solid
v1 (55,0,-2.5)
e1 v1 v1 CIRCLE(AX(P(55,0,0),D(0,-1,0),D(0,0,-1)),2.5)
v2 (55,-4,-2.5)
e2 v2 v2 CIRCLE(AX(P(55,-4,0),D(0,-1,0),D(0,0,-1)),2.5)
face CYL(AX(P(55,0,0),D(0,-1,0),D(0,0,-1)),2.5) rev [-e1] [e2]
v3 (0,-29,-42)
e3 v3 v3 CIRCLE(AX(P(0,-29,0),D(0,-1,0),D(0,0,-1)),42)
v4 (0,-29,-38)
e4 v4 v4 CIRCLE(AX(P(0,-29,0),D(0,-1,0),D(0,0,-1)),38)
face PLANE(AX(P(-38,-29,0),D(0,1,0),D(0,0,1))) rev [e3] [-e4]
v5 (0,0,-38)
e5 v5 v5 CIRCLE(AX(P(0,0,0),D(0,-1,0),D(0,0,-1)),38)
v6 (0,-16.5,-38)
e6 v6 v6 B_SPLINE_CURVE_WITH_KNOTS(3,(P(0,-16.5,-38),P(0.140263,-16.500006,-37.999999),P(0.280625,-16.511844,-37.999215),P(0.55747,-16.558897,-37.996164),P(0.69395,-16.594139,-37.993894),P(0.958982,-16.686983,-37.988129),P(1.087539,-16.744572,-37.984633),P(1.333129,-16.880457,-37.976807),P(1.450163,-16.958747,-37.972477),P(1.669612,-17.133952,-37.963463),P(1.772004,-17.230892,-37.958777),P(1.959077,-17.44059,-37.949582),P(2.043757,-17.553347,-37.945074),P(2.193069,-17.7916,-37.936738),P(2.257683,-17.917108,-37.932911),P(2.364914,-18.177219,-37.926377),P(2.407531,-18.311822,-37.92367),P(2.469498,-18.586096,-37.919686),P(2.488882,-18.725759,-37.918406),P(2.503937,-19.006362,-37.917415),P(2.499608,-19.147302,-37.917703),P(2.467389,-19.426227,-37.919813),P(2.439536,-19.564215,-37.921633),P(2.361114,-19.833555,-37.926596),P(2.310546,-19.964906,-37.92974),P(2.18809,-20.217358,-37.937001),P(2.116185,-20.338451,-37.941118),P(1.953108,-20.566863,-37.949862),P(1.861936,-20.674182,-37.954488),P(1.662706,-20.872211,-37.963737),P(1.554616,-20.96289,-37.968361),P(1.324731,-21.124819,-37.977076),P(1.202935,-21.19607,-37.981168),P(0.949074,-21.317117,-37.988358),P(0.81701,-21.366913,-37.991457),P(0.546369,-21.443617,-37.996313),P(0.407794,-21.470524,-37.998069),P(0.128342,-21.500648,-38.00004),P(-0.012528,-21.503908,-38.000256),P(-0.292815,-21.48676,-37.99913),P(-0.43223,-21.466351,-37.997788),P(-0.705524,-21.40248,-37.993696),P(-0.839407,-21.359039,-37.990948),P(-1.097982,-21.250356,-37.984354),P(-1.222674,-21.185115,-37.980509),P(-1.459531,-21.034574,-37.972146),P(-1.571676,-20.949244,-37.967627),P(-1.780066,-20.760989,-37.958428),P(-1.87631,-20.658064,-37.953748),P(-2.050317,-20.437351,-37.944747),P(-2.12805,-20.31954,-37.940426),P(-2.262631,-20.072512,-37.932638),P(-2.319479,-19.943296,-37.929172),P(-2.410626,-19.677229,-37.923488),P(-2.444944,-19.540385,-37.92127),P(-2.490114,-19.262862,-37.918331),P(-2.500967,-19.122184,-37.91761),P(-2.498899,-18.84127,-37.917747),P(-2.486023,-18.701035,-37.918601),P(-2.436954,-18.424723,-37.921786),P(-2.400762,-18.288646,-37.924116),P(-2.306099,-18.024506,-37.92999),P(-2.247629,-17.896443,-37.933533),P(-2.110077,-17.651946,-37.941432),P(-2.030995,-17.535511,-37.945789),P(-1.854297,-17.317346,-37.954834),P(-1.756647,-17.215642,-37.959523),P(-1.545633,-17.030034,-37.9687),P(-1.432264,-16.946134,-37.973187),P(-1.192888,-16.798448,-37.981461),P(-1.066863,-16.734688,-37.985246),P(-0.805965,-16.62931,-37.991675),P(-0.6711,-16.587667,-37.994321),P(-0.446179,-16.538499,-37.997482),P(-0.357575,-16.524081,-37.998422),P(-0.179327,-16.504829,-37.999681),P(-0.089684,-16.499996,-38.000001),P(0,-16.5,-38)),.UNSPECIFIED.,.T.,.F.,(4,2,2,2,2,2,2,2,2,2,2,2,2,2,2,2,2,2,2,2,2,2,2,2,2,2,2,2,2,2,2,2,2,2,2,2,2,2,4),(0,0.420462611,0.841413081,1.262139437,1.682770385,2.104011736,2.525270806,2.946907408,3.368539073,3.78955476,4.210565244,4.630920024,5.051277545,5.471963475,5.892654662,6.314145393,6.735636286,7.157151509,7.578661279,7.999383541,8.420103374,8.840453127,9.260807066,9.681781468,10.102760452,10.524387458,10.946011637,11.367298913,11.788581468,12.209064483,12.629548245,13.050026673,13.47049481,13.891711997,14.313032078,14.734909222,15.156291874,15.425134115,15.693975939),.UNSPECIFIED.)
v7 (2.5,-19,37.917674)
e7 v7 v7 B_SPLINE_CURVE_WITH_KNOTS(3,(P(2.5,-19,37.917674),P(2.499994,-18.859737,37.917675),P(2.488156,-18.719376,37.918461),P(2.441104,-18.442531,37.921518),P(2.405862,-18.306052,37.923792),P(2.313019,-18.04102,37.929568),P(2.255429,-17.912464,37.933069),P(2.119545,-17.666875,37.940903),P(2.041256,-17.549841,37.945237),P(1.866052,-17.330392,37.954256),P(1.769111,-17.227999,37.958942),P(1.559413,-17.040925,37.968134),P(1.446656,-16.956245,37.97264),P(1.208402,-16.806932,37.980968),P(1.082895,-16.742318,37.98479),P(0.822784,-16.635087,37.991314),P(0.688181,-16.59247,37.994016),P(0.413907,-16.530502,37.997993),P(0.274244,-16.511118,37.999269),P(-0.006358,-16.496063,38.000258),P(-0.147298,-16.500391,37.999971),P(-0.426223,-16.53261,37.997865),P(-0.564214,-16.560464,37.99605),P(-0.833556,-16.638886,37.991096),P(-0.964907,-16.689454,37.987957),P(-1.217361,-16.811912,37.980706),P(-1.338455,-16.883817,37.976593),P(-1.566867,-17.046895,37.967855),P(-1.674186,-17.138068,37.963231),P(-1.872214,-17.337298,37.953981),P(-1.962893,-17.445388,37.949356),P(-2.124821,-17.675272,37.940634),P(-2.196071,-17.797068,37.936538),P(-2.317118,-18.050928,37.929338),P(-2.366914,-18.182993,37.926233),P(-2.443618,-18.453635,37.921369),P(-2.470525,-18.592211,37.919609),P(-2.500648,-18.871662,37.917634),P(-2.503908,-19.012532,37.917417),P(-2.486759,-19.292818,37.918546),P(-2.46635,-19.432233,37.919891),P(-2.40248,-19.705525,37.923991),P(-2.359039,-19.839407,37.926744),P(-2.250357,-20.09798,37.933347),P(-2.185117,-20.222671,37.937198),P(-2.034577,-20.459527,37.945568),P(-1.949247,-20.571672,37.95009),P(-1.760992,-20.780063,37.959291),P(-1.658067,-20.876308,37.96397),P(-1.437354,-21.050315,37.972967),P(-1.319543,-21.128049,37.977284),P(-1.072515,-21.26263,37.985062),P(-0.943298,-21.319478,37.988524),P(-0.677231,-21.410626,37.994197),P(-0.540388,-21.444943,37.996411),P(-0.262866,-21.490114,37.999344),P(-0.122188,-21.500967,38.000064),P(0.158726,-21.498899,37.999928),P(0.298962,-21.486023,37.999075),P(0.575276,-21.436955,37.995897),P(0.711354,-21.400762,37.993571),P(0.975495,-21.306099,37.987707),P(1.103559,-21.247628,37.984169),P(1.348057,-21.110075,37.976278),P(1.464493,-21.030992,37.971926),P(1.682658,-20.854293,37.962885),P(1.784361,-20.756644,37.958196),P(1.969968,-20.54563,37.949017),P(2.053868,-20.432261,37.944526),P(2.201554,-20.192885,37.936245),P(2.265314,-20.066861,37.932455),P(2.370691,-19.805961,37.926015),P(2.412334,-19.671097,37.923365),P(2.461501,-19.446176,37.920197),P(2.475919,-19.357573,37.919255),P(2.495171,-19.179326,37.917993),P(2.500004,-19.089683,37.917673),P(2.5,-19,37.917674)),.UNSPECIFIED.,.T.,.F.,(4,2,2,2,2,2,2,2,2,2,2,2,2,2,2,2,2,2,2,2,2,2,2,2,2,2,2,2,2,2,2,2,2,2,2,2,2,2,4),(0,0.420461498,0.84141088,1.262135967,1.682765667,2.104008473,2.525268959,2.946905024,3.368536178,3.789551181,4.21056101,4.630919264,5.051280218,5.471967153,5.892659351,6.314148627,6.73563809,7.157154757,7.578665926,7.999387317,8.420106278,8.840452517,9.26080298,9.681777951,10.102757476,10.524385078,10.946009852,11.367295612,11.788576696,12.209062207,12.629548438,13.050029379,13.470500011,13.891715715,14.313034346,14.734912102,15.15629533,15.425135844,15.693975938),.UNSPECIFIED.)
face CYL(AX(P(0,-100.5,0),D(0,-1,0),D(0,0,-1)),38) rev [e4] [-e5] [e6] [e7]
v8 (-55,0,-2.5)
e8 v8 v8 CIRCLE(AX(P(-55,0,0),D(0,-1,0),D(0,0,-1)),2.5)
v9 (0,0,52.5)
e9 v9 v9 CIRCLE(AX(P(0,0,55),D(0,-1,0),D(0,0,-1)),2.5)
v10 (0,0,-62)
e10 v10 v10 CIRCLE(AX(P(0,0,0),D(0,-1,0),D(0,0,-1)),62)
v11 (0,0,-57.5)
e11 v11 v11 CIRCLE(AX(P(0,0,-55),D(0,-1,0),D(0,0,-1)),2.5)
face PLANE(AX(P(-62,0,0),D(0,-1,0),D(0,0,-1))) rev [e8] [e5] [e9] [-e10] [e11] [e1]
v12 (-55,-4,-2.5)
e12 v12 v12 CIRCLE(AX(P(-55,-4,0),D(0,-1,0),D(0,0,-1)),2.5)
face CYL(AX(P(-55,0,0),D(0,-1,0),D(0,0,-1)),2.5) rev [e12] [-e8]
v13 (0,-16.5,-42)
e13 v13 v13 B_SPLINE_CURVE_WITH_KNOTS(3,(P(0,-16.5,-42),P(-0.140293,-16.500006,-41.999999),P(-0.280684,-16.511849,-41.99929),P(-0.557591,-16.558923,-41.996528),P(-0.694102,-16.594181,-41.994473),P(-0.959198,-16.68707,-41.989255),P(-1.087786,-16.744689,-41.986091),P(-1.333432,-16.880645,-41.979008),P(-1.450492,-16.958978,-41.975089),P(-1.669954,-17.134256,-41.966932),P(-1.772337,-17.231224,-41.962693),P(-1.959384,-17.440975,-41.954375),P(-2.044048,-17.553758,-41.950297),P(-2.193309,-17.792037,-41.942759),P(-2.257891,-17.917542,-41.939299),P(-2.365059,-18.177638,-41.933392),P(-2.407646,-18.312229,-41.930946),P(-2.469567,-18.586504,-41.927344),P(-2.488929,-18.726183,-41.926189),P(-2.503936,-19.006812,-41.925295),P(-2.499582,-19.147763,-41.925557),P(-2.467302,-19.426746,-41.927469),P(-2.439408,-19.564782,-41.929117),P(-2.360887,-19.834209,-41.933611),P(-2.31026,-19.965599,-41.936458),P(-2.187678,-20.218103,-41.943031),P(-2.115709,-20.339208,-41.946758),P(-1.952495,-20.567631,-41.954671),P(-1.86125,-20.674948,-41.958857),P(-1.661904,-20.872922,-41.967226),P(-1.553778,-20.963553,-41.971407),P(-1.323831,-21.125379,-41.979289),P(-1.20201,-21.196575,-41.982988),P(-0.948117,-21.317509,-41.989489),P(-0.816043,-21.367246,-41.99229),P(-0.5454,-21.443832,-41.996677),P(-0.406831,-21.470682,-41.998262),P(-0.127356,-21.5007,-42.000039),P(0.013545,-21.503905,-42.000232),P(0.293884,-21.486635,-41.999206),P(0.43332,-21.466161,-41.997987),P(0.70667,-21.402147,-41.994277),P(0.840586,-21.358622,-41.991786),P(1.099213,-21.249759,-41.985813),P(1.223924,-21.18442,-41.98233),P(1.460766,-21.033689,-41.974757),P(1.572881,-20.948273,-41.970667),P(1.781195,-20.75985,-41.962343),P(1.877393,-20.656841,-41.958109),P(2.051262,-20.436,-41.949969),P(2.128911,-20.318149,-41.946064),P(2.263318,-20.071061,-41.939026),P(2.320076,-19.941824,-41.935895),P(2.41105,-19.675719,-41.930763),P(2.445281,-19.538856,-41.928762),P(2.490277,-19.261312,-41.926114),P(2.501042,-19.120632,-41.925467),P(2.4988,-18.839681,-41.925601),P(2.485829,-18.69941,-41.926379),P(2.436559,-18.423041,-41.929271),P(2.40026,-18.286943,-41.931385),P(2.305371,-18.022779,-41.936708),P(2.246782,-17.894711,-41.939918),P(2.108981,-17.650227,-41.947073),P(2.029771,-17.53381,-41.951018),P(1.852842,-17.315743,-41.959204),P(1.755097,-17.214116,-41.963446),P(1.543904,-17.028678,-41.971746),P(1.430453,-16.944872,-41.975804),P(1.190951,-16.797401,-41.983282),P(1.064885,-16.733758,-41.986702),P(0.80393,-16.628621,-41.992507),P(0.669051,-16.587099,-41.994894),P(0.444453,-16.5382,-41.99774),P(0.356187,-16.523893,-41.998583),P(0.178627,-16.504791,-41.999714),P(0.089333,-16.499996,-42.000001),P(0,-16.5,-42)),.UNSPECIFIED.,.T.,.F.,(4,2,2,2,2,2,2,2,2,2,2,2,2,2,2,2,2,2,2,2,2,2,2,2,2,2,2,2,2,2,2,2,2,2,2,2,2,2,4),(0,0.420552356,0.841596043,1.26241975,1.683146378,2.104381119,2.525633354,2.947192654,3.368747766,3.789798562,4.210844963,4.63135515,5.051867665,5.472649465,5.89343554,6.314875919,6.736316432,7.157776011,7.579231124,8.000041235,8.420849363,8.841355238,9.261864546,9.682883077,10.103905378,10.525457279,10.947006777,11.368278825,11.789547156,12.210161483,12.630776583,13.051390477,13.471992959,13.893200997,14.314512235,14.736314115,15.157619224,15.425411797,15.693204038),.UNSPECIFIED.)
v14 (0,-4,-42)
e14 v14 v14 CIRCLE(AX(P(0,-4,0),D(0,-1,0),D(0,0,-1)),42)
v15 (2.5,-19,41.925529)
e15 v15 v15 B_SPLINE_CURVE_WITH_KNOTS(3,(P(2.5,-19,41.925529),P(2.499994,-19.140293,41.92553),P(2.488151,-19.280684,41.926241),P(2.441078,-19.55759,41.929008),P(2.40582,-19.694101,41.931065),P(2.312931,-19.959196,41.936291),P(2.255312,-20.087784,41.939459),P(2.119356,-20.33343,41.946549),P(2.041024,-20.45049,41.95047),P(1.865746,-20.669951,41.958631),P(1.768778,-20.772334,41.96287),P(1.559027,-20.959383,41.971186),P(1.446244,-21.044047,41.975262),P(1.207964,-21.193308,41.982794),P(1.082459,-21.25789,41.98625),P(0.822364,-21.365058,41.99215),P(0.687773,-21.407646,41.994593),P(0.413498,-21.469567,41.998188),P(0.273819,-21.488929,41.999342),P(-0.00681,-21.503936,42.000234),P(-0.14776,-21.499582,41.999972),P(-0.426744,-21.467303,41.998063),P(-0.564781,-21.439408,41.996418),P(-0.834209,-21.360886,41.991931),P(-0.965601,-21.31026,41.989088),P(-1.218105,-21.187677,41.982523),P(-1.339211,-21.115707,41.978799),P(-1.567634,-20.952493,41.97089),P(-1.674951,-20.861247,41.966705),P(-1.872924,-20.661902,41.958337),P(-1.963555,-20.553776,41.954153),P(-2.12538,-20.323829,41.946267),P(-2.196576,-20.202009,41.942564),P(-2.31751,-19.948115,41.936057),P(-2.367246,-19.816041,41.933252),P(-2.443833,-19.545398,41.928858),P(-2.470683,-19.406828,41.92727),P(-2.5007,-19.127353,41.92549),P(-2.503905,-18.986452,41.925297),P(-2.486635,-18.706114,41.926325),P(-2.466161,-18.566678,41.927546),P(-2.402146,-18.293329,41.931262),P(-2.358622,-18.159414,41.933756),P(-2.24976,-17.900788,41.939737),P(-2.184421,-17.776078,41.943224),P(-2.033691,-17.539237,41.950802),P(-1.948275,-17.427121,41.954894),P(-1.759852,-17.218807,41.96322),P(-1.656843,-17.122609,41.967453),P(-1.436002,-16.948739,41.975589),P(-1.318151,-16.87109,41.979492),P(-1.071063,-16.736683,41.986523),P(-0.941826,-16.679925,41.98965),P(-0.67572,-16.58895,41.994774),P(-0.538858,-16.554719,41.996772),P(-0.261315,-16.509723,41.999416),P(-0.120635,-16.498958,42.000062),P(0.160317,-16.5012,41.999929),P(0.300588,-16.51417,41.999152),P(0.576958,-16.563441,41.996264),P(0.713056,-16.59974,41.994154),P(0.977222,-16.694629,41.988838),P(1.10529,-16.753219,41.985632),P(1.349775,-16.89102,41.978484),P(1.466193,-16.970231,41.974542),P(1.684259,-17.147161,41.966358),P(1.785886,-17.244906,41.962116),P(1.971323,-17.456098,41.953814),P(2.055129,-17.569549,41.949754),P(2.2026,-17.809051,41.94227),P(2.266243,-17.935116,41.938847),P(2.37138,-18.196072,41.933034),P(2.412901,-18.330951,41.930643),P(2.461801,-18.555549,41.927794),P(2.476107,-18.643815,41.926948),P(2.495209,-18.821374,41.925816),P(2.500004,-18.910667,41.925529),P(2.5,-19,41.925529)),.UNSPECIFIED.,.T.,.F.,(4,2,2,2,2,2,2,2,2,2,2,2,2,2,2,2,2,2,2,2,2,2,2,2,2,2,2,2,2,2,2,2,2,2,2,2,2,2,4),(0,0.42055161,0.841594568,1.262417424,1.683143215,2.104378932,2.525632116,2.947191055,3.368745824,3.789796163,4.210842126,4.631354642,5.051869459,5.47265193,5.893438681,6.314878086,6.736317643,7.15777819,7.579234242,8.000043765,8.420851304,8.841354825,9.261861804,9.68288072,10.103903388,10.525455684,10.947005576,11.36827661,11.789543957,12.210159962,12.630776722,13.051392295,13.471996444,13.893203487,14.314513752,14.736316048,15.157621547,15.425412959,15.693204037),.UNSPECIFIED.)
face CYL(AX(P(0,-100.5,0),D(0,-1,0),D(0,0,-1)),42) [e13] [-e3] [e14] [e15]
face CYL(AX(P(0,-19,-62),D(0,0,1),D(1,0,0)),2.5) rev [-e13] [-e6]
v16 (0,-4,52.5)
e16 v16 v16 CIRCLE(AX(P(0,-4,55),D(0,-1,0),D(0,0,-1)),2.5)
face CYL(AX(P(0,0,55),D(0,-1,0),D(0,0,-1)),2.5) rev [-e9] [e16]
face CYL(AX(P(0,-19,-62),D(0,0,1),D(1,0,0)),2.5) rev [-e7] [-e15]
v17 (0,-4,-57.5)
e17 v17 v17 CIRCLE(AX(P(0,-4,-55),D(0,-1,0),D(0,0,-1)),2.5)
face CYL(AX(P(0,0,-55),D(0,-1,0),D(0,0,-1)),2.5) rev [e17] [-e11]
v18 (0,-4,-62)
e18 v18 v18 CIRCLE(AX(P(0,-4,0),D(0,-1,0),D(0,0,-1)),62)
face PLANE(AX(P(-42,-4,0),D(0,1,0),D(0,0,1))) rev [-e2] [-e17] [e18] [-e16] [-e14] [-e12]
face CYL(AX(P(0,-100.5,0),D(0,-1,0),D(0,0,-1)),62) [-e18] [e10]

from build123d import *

# Parameters (mm, degrees)
SKETCH2_R               = 2.5
CUT_EXTRUDE3_DEPTH      = 92.175654645
CUT_EXTRUDE6_DEPTH      = 93.352585237
CUT_EXTRUDE6_DEPTH_BACK = 93.352585237
SKETCH6_R               = 2.5


with BuildPart() as part:
    # Sketch1 → Revolve1 (revolve)
    with BuildSketch(Plane.XY, mode=Mode.PRIVATE) as revolve1_sk:
        Polygon((-42, -29), (-42, -4), (-62, -4), (-62, 0), (-38, 0), (-38, -29), align=None)
    revolve(revolve1_sk.sketch.rotate(Axis((0, -100.5, 0), (0, 1, 0)), 270), axis=Axis((0, -100.5, 0), (0, 1, 0)))

    # Sketch2 → Cut-Extrude3 (cut, through all)
    with BuildSketch(Plane.XZ.offset(4)):
        with Locations(Location((55, 0, 0), (0, 0, 270))):
            Circle(SKETCH2_R)
        with Locations(Location((-55, 0, 0), (0, 0, 270))):
            Circle(SKETCH2_R)
        with Locations(Location((0, 55, 0), (0, 0, 270))):
            Circle(SKETCH2_R)
        with Locations(Location((0, -55, 0), (0, 0, 270))):
            Circle(SKETCH2_R)
    extrude(amount=-CUT_EXTRUDE3_DEPTH, mode=Mode.SUBTRACT)

    # Sketch6 → Cut-Extrude6 (cut, two sides: drawn at the far end of the back side and taken through both)
    with BuildSketch(Plane.XY.offset(-CUT_EXTRUDE6_DEPTH_BACK)):
        with Locations((0, -19)):
            Circle(SKETCH6_R)
    extrude(amount=CUT_EXTRUDE6_DEPTH + CUT_EXTRUDE6_DEPTH_BACK, mode=Mode.SUBTRACT)


solid = part.part
